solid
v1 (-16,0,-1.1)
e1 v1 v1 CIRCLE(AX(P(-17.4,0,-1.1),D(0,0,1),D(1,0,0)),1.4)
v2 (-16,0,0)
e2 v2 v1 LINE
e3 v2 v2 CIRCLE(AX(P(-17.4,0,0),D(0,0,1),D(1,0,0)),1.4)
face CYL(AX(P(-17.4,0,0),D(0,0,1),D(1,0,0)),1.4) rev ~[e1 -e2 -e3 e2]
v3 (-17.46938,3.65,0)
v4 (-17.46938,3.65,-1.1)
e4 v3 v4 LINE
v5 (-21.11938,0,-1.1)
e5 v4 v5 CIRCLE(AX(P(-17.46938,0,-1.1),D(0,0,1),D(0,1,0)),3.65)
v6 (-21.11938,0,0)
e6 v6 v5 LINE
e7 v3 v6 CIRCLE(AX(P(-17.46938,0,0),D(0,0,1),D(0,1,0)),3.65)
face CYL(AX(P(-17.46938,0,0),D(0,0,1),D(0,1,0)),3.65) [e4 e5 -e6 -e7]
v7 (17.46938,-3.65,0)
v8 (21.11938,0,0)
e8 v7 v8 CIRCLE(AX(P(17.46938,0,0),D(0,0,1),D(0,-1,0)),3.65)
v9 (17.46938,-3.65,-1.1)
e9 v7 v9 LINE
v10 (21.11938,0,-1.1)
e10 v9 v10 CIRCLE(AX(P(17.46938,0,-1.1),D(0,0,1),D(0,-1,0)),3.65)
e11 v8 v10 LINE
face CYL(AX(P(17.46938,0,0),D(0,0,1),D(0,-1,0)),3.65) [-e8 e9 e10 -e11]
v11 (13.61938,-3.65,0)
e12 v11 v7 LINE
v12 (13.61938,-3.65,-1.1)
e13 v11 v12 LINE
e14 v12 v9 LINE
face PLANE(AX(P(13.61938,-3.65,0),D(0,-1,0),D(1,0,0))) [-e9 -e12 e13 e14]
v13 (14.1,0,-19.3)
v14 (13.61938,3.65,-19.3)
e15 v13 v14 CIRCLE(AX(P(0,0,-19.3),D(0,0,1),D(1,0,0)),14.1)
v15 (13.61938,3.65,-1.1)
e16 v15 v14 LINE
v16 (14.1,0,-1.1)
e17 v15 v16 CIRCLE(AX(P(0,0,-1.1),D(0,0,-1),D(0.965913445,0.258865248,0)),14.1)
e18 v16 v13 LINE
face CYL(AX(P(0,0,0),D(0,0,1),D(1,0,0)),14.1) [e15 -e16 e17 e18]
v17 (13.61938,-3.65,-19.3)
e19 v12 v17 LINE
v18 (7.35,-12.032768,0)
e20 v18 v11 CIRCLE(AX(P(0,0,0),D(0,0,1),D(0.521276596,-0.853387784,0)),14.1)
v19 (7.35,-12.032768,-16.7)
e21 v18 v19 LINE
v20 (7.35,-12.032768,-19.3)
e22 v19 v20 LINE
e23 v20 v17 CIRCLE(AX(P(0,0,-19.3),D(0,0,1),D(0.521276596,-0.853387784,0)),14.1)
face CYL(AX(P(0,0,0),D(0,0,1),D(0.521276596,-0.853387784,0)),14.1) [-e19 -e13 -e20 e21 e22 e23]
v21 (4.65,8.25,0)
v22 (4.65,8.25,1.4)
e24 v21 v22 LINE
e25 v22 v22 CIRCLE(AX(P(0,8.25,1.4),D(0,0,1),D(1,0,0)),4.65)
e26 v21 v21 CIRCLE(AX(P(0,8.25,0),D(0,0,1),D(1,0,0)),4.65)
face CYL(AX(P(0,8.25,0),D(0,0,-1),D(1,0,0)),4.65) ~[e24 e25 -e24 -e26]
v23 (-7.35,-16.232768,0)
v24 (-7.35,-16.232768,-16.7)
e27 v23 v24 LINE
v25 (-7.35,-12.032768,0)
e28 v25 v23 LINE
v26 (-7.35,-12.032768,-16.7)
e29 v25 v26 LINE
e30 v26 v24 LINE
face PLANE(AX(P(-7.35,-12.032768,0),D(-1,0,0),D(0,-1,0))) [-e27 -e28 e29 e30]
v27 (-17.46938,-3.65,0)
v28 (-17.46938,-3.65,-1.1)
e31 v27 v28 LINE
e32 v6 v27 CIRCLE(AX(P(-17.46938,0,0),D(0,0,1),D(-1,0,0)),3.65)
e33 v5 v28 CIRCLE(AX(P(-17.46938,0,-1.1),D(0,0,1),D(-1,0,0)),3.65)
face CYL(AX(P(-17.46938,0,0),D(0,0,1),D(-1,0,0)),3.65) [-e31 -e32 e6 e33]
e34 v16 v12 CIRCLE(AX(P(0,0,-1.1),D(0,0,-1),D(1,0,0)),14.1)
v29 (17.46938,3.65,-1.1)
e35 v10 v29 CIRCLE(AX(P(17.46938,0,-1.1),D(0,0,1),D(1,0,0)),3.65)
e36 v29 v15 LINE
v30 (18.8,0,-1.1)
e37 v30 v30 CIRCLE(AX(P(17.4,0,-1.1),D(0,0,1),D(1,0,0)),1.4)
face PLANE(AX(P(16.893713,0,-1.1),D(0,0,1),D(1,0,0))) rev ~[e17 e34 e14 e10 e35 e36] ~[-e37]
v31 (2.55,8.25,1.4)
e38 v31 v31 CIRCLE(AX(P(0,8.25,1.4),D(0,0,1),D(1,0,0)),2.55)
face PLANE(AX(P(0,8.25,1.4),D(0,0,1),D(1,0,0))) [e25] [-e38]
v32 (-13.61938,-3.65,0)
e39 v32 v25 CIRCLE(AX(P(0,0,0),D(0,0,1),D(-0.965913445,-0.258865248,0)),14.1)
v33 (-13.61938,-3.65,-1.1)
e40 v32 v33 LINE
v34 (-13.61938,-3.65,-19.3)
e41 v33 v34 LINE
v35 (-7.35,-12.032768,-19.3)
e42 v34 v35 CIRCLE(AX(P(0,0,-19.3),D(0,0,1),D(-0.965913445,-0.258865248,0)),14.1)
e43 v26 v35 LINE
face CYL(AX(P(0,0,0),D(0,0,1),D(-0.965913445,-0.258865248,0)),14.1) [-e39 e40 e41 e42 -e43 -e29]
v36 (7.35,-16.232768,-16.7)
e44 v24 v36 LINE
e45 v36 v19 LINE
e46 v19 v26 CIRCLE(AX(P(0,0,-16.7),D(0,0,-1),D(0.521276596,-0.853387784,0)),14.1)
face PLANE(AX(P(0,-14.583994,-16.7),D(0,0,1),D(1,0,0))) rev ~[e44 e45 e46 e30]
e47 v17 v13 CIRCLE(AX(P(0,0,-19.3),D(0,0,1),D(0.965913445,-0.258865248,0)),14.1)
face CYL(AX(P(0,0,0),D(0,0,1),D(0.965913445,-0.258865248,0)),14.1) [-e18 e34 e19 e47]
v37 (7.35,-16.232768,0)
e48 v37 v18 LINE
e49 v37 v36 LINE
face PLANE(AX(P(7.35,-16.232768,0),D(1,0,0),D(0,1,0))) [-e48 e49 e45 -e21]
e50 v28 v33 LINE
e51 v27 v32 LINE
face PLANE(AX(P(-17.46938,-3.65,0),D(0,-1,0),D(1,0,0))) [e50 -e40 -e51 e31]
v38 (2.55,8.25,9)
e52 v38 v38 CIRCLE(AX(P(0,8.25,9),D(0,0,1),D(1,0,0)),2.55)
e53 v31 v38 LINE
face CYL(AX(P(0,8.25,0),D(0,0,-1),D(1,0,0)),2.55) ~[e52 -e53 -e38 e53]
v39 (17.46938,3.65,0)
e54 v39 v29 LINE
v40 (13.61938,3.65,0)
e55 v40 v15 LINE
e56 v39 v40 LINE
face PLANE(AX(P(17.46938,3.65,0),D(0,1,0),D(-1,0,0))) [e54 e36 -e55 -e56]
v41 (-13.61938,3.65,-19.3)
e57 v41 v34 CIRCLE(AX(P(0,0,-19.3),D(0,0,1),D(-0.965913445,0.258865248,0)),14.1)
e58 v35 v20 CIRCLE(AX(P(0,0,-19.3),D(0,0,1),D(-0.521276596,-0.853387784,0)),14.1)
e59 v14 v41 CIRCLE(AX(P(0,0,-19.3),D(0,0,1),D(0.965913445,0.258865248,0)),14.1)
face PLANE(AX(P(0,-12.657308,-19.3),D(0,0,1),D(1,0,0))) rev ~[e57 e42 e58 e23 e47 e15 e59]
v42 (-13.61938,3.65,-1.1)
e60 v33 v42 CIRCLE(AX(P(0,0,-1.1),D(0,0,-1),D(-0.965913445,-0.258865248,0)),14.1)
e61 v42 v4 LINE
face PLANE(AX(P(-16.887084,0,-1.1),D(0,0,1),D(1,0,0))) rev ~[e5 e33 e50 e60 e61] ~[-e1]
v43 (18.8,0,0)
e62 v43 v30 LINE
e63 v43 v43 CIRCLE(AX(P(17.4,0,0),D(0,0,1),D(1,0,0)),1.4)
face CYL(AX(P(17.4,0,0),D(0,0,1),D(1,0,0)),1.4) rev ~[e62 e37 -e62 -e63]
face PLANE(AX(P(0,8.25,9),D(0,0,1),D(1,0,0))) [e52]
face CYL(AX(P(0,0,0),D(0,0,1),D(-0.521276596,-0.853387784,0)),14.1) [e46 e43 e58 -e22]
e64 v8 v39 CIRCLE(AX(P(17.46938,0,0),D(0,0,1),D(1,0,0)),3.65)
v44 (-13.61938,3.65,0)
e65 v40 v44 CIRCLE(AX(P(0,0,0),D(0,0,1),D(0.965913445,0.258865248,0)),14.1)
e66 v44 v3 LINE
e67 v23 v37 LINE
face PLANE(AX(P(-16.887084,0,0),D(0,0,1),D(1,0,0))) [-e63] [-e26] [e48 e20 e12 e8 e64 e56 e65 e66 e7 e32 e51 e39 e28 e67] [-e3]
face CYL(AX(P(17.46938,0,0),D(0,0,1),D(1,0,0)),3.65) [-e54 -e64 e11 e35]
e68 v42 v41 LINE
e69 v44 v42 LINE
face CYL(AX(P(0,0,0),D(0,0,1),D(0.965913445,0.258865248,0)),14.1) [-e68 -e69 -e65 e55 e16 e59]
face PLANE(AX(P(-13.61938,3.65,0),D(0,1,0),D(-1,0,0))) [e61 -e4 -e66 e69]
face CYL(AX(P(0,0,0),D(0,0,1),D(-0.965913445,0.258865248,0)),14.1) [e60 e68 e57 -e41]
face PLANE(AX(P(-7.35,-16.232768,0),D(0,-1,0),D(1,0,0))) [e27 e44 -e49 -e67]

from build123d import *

# Parameters (mm, degrees)
F0_R     = 4.65
F0_R_2   = 2.55
F1_DEPTH = 1.4
F2_DEPTH = 9
F3_DEPTH = 19.3
F4_DEPTH = 16.7
F0_R_3   = 1.4
F5_DEPTH = 1.1


with BuildPart() as f1:
    # F0 (on Top) → F1 (new body)
    with BuildSketch(Plane.XY):
        with Locations((0, 8.25)):
            Circle(F0_R)
        with Locations((0, 8.25)):
            Circle(F0_R_2, mode=Mode.SUBTRACT)
    extrude(amount=F1_DEPTH)

    # F0 (on Top) → F2 (join)
    with BuildSketch(Plane.XY):
        with Locations((0, 8.25)):
            Circle(F0_R_2)
    extrude(amount=F2_DEPTH)

    # F0 (on Top) → F3 (join)
    with BuildSketch(Plane.XY):
        with BuildLine():
            ThreePointArc((-7.35, -12.0327677614), (0, -14.1), (7.35, -12.0327677614))
            Line((7.35, -12.0327677614), (-7.35, -12.0327677614))
        make_face()
        with BuildLine():
            Line((13.6193795747, -3.65), (13.6193795747, 3.65))
            ThreePointArc((13.6193795747, 3.65), (0, 14.1), (-13.6193795747, 3.65))
            ThreePointArc((-13.6193795747, 3.65), (-14.1, 0), (-13.6193795747, -3.65))
            ThreePointArc((-13.6193795747, -3.65), (-11.2914312101, -8.4447368951), (-7.35, -12.0327677614))
            Line((-7.35, -12.0327677614), (7.35, -12.0327677614))
            ThreePointArc((7.35, -12.0327677614), (11.2914312101, -8.4447368951), (13.6193795747, -3.65))
        make_face()
        with Locations((0, 8.25)):
            Circle(F0_R, mode=Mode.SUBTRACT)
        with Locations((0, 8.25)):
            Circle(F0_R)
        with Locations((0, 8.25)):
            Circle(F0_R_2, mode=Mode.SUBTRACT)
        with Locations((0, 8.25)):
            Circle(F0_R_2)
        with BuildLine():
            ThreePointArc((13.6193795747, -3.65), (13.9793285247, -1.8407536495), (14.1, 0))
            ThreePointArc((14.1, 0), (13.9793285247, 1.8407536495), (13.6193795747, 3.65))
            Line((13.6193795747, 3.65), (13.6193795747, -3.65))
        make_face()
    extrude(amount=-F3_DEPTH)

    # F0 (on Top) → F4 (join)
    with BuildSketch(Plane.XY):
        with BuildLine():
            Line((7.35, -16.2327677614), (7.35, -12.0327677614))
            ThreePointArc((7.35, -12.0327677614), (0, -14.1), (-7.35, -12.0327677614))
            Line((-7.35, -12.0327677614), (-7.35, -16.2327677614))
            Line((-7.35, -16.2327677614), (7.35, -16.2327677614))
        make_face()
    extrude(amount=-F4_DEPTH)

    # F0 (on Top) → F5 (join)
    with BuildSketch(Plane.XY):
        with BuildLine():
            ThreePointArc((-13.6193795747, -3.65), (-14.1, 0), (-13.6193795747, 3.65))
            Line((-13.6193795747, 3.65), (-17.4693795747, 3.65))
            ThreePointArc((-17.4693795747, 3.65), (-20.050319326, 2.5809397513), (-21.1193795747, 0))
            ThreePointArc((-21.1193795747, 0), (-20.050319326, -2.5809397513), (-17.4693795747, -3.65))
            Line((-17.4693795747, -3.65), (-13.6193795747, -3.65))
        make_face()
        with Locations((-17.4, 0)):
            Circle(F0_R_3, mode=Mode.SUBTRACT)
        with BuildLine():
            ThreePointArc((13.6193795747, 3.65), (13.9793285247, 1.8407536495), (14.1, 0))
            ThreePointArc((14.1, 0), (13.9793285247, -1.8407536495), (13.6193795747, -3.65))
            Line((13.6193795747, -3.65), (17.4693795747, -3.65))
            ThreePointArc((17.4693795747, -3.65), (20.050319326, -2.5809397513), (21.1193795747, 0))
            ThreePointArc((21.1193795747, 0), (20.050319326, 2.5809397513), (17.4693795747, 3.65))
            Line((17.4693795747, 3.65), (13.6193795747, 3.65))
        make_face()
        with Locations((17.4, 0)):
            Circle(F0_R_3, mode=Mode.SUBTRACT)
    extrude(amount=-F5_DEPTH)


solid = f1.part
